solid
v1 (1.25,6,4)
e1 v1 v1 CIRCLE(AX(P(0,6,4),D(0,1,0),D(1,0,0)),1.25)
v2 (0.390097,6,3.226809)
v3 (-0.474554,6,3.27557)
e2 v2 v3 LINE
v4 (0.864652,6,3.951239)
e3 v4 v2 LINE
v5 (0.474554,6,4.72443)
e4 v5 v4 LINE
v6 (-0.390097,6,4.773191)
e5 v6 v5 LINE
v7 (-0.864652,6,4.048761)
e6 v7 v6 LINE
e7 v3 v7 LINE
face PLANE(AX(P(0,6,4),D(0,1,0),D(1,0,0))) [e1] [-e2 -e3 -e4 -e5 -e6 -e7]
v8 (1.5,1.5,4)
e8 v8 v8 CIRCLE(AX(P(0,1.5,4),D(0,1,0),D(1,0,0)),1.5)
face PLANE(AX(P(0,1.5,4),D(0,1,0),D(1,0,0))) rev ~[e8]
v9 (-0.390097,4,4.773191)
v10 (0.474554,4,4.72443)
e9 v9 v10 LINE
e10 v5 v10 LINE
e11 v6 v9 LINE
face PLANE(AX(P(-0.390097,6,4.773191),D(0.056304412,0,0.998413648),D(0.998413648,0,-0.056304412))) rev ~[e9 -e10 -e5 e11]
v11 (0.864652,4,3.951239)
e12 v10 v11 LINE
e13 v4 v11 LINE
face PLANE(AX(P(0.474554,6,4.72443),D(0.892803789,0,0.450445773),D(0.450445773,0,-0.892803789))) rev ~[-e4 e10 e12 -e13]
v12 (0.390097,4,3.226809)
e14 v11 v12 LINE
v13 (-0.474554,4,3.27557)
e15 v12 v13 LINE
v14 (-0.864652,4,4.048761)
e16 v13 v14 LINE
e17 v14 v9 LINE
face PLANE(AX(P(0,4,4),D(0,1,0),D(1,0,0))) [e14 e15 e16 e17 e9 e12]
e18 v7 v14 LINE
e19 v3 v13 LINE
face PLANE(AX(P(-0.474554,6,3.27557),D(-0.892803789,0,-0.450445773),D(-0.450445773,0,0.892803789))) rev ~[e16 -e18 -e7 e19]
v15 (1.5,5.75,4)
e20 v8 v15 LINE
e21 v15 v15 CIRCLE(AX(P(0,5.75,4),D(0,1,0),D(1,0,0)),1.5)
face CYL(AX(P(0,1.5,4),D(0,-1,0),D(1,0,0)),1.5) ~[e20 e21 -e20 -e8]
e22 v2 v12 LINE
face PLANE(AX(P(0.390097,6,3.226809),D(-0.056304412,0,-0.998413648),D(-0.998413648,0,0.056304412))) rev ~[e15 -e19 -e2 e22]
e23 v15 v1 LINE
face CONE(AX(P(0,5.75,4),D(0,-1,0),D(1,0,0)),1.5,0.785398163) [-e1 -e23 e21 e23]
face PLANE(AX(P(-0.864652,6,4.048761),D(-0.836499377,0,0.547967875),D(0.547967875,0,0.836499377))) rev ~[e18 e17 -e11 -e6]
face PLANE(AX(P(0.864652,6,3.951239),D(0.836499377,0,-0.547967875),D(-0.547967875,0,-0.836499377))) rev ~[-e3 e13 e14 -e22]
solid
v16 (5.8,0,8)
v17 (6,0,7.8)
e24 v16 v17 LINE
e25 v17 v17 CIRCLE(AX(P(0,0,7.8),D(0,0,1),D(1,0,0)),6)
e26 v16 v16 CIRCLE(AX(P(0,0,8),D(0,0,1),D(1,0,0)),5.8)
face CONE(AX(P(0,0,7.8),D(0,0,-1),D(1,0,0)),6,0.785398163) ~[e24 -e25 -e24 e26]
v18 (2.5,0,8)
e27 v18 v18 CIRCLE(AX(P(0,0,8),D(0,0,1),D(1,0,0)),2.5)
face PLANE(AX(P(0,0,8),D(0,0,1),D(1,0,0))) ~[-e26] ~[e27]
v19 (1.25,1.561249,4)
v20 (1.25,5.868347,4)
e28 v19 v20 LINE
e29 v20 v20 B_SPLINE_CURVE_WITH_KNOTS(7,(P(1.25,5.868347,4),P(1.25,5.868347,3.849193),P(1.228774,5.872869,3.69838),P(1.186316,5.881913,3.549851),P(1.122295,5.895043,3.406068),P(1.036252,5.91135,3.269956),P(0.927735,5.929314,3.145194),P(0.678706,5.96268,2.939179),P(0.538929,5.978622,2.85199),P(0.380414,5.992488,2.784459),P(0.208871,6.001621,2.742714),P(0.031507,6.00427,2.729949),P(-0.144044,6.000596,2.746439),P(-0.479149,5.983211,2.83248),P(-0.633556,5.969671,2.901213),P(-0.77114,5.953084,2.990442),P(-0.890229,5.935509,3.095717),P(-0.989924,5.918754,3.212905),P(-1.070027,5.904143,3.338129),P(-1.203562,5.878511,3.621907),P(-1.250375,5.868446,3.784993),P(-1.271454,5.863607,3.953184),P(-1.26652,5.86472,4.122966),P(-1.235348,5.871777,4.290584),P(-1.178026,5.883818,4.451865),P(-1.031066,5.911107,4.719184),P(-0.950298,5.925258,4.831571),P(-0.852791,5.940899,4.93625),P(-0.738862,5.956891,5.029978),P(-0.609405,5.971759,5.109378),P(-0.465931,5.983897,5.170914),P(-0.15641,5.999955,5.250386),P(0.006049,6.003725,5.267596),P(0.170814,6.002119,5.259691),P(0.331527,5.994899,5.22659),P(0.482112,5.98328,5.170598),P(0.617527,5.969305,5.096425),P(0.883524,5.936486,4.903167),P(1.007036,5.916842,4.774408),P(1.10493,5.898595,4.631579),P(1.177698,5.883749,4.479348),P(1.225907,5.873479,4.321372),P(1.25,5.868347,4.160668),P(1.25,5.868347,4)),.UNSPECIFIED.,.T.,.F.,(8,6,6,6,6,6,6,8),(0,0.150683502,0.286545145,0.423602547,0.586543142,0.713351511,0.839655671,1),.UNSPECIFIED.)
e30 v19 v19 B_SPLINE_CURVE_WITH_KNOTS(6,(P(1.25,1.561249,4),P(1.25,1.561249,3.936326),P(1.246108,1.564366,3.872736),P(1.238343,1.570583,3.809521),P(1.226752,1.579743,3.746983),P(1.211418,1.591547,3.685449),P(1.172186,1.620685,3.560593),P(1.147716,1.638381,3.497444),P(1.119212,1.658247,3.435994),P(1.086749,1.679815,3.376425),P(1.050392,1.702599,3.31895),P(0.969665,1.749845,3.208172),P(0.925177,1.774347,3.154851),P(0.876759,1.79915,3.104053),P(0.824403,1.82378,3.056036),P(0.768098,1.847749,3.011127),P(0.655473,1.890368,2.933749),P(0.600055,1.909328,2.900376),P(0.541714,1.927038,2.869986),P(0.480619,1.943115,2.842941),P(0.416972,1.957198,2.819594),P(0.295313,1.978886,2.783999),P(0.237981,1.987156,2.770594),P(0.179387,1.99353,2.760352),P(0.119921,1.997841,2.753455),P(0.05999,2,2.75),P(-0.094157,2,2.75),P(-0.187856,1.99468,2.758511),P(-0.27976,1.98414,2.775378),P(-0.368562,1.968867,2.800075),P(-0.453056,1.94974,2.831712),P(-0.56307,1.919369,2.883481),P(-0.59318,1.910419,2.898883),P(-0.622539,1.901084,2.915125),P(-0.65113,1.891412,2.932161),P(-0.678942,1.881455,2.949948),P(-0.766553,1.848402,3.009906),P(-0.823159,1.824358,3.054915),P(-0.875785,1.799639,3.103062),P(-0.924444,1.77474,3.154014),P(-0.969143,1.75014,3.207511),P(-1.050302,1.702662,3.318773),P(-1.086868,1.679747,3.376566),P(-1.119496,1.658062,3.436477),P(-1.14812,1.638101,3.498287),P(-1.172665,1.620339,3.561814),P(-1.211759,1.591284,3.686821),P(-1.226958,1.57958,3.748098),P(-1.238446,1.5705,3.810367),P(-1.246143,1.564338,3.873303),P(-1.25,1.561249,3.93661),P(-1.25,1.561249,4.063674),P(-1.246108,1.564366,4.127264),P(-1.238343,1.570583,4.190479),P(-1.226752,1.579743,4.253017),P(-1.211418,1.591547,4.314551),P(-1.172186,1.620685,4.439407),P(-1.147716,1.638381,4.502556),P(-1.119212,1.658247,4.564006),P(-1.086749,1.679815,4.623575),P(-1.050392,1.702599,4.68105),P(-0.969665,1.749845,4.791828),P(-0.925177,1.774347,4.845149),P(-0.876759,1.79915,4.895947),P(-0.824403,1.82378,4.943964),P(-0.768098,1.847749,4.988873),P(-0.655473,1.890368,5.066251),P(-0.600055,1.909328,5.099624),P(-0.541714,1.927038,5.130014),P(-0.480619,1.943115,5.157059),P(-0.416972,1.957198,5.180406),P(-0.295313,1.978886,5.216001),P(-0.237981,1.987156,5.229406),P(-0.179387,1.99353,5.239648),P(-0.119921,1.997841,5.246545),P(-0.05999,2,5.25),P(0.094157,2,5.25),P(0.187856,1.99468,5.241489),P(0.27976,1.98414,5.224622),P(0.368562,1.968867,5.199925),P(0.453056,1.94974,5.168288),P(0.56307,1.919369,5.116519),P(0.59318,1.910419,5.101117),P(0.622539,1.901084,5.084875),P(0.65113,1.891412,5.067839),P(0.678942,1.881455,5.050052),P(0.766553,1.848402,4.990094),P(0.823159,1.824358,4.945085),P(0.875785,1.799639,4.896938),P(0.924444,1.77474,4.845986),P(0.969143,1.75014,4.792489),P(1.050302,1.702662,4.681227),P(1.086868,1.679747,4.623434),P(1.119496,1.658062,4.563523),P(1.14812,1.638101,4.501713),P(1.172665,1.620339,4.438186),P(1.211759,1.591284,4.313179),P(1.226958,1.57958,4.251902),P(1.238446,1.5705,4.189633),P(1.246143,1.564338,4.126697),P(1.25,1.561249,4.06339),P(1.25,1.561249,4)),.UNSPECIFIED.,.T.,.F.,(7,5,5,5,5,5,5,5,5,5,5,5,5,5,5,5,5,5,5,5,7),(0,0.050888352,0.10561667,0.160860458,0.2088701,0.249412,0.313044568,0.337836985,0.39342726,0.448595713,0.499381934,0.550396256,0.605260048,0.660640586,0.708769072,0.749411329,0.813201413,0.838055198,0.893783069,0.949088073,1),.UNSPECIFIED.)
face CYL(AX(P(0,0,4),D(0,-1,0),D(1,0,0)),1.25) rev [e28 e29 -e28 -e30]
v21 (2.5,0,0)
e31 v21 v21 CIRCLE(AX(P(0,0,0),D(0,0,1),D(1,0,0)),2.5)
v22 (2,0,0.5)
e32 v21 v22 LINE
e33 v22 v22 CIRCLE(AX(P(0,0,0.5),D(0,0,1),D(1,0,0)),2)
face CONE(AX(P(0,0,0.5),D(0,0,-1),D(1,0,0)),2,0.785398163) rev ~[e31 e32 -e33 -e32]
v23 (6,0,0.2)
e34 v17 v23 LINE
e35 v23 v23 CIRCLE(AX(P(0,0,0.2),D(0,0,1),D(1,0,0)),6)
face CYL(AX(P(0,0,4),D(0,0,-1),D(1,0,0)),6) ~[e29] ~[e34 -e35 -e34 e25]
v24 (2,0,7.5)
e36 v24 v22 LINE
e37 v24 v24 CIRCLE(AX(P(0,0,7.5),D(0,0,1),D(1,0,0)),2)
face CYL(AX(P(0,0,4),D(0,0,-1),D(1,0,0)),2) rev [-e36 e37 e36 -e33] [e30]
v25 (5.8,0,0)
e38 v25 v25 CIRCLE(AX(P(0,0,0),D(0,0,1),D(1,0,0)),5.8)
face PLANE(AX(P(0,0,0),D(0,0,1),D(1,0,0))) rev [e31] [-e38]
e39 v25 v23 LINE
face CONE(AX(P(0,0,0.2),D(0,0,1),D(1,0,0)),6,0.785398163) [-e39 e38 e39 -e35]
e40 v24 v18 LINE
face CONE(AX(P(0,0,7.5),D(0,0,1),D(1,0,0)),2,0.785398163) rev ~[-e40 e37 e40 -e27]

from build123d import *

# Parameters (mm, degrees)
SKETCH1_W           = 4
SKETCH1_H           = 8
SKETCH2_R           = 1.25
CUT_EXTRUDE1_DEPTH  = 7
CHAMFER1_SIZE       = 0.2
SKETCH4_R           = 1.5
BOSS_EXTRUDE1_DEPTH = 4.5
CHAMFER2_SIZE       = 0.25
CUT_EXTRUDE3_DEPTH  = 2
CHAMFER3_SIZE       = 0.5


with BuildPart() as part:
    # Sketch1 → Revolve1 (revolve)
    with BuildSketch(Plane(origin=(0, 0, 0), x_dir=(1, 0, 0), z_dir=(0, 1, 0))):
        with Locations((4, -4)):
            Rectangle(SKETCH1_W, SKETCH1_H)
    revolve(axis=Axis((0, 0, -122.457916377), (0, 0, 1)))

    # Sketch2 → Cut-Extrude1 (cut, through all)
    with BuildSketch(Plane(origin=(0, 0, 0), x_dir=(1, 0, 0), z_dir=(0, 1, 0))):
        with Locations((0, -4)):
            Circle(SKETCH2_R)
    extrude(amount=CUT_EXTRUDE1_DEPTH, mode=Mode.SUBTRACT)

    # Chamfer1
    chamfer1_edges = [part.edges().sort_by_distance(p)[0] for p in [
        (-6, 0, 0),
        (-6, 0, 8),
    ]]
    chamfer(chamfer1_edges, length=CHAMFER1_SIZE)

    # Chamfer3
    chamfer3_edges = [part.edges().sort_by_distance(p)[0] for p in [
        (-2, 0, 8),
        (-2, 0, 0),
    ]]
    chamfer(chamfer3_edges, length=CHAMFER3_SIZE)


with BuildPart() as body_2:
    # Sketch4 → Boss-Extrude1 (new body)
    with BuildSketch(Plane(origin=(0, 1.5, 0), x_dir=(1, 0, 0), z_dir=(0, 1, 0))):
        with Locations((0, -4)):
            Circle(SKETCH4_R)
    extrude(amount=BOSS_EXTRUDE1_DEPTH)

    # Chamfer2
    chamfer2_edges = [body_2.edges().sort_by_distance(p)[0] for p in [
        (-1.5, 6, 4),
    ]]
    chamfer(chamfer2_edges, length=CHAMFER2_SIZE)

    # Sketch5 → Cut-Extrude3 (cut)
    with BuildSketch(Plane(origin=(0, 6, 0), x_dir=(1, 0, 0), z_dir=(0, 1, 0))):
        Polygon((0.4745541, -4.724429711), (0.864651583, -3.951238949), (0.390097483, -3.226809238), (-0.4745541, -3.275570289), (-0.864651583, -4.048761051), (-0.390097483, -4.773190762), align=None)
    extrude(amount=-CUT_EXTRUDE3_DEPTH, mode=Mode.SUBTRACT)


solid = Compound([part.part, body_2.part])
